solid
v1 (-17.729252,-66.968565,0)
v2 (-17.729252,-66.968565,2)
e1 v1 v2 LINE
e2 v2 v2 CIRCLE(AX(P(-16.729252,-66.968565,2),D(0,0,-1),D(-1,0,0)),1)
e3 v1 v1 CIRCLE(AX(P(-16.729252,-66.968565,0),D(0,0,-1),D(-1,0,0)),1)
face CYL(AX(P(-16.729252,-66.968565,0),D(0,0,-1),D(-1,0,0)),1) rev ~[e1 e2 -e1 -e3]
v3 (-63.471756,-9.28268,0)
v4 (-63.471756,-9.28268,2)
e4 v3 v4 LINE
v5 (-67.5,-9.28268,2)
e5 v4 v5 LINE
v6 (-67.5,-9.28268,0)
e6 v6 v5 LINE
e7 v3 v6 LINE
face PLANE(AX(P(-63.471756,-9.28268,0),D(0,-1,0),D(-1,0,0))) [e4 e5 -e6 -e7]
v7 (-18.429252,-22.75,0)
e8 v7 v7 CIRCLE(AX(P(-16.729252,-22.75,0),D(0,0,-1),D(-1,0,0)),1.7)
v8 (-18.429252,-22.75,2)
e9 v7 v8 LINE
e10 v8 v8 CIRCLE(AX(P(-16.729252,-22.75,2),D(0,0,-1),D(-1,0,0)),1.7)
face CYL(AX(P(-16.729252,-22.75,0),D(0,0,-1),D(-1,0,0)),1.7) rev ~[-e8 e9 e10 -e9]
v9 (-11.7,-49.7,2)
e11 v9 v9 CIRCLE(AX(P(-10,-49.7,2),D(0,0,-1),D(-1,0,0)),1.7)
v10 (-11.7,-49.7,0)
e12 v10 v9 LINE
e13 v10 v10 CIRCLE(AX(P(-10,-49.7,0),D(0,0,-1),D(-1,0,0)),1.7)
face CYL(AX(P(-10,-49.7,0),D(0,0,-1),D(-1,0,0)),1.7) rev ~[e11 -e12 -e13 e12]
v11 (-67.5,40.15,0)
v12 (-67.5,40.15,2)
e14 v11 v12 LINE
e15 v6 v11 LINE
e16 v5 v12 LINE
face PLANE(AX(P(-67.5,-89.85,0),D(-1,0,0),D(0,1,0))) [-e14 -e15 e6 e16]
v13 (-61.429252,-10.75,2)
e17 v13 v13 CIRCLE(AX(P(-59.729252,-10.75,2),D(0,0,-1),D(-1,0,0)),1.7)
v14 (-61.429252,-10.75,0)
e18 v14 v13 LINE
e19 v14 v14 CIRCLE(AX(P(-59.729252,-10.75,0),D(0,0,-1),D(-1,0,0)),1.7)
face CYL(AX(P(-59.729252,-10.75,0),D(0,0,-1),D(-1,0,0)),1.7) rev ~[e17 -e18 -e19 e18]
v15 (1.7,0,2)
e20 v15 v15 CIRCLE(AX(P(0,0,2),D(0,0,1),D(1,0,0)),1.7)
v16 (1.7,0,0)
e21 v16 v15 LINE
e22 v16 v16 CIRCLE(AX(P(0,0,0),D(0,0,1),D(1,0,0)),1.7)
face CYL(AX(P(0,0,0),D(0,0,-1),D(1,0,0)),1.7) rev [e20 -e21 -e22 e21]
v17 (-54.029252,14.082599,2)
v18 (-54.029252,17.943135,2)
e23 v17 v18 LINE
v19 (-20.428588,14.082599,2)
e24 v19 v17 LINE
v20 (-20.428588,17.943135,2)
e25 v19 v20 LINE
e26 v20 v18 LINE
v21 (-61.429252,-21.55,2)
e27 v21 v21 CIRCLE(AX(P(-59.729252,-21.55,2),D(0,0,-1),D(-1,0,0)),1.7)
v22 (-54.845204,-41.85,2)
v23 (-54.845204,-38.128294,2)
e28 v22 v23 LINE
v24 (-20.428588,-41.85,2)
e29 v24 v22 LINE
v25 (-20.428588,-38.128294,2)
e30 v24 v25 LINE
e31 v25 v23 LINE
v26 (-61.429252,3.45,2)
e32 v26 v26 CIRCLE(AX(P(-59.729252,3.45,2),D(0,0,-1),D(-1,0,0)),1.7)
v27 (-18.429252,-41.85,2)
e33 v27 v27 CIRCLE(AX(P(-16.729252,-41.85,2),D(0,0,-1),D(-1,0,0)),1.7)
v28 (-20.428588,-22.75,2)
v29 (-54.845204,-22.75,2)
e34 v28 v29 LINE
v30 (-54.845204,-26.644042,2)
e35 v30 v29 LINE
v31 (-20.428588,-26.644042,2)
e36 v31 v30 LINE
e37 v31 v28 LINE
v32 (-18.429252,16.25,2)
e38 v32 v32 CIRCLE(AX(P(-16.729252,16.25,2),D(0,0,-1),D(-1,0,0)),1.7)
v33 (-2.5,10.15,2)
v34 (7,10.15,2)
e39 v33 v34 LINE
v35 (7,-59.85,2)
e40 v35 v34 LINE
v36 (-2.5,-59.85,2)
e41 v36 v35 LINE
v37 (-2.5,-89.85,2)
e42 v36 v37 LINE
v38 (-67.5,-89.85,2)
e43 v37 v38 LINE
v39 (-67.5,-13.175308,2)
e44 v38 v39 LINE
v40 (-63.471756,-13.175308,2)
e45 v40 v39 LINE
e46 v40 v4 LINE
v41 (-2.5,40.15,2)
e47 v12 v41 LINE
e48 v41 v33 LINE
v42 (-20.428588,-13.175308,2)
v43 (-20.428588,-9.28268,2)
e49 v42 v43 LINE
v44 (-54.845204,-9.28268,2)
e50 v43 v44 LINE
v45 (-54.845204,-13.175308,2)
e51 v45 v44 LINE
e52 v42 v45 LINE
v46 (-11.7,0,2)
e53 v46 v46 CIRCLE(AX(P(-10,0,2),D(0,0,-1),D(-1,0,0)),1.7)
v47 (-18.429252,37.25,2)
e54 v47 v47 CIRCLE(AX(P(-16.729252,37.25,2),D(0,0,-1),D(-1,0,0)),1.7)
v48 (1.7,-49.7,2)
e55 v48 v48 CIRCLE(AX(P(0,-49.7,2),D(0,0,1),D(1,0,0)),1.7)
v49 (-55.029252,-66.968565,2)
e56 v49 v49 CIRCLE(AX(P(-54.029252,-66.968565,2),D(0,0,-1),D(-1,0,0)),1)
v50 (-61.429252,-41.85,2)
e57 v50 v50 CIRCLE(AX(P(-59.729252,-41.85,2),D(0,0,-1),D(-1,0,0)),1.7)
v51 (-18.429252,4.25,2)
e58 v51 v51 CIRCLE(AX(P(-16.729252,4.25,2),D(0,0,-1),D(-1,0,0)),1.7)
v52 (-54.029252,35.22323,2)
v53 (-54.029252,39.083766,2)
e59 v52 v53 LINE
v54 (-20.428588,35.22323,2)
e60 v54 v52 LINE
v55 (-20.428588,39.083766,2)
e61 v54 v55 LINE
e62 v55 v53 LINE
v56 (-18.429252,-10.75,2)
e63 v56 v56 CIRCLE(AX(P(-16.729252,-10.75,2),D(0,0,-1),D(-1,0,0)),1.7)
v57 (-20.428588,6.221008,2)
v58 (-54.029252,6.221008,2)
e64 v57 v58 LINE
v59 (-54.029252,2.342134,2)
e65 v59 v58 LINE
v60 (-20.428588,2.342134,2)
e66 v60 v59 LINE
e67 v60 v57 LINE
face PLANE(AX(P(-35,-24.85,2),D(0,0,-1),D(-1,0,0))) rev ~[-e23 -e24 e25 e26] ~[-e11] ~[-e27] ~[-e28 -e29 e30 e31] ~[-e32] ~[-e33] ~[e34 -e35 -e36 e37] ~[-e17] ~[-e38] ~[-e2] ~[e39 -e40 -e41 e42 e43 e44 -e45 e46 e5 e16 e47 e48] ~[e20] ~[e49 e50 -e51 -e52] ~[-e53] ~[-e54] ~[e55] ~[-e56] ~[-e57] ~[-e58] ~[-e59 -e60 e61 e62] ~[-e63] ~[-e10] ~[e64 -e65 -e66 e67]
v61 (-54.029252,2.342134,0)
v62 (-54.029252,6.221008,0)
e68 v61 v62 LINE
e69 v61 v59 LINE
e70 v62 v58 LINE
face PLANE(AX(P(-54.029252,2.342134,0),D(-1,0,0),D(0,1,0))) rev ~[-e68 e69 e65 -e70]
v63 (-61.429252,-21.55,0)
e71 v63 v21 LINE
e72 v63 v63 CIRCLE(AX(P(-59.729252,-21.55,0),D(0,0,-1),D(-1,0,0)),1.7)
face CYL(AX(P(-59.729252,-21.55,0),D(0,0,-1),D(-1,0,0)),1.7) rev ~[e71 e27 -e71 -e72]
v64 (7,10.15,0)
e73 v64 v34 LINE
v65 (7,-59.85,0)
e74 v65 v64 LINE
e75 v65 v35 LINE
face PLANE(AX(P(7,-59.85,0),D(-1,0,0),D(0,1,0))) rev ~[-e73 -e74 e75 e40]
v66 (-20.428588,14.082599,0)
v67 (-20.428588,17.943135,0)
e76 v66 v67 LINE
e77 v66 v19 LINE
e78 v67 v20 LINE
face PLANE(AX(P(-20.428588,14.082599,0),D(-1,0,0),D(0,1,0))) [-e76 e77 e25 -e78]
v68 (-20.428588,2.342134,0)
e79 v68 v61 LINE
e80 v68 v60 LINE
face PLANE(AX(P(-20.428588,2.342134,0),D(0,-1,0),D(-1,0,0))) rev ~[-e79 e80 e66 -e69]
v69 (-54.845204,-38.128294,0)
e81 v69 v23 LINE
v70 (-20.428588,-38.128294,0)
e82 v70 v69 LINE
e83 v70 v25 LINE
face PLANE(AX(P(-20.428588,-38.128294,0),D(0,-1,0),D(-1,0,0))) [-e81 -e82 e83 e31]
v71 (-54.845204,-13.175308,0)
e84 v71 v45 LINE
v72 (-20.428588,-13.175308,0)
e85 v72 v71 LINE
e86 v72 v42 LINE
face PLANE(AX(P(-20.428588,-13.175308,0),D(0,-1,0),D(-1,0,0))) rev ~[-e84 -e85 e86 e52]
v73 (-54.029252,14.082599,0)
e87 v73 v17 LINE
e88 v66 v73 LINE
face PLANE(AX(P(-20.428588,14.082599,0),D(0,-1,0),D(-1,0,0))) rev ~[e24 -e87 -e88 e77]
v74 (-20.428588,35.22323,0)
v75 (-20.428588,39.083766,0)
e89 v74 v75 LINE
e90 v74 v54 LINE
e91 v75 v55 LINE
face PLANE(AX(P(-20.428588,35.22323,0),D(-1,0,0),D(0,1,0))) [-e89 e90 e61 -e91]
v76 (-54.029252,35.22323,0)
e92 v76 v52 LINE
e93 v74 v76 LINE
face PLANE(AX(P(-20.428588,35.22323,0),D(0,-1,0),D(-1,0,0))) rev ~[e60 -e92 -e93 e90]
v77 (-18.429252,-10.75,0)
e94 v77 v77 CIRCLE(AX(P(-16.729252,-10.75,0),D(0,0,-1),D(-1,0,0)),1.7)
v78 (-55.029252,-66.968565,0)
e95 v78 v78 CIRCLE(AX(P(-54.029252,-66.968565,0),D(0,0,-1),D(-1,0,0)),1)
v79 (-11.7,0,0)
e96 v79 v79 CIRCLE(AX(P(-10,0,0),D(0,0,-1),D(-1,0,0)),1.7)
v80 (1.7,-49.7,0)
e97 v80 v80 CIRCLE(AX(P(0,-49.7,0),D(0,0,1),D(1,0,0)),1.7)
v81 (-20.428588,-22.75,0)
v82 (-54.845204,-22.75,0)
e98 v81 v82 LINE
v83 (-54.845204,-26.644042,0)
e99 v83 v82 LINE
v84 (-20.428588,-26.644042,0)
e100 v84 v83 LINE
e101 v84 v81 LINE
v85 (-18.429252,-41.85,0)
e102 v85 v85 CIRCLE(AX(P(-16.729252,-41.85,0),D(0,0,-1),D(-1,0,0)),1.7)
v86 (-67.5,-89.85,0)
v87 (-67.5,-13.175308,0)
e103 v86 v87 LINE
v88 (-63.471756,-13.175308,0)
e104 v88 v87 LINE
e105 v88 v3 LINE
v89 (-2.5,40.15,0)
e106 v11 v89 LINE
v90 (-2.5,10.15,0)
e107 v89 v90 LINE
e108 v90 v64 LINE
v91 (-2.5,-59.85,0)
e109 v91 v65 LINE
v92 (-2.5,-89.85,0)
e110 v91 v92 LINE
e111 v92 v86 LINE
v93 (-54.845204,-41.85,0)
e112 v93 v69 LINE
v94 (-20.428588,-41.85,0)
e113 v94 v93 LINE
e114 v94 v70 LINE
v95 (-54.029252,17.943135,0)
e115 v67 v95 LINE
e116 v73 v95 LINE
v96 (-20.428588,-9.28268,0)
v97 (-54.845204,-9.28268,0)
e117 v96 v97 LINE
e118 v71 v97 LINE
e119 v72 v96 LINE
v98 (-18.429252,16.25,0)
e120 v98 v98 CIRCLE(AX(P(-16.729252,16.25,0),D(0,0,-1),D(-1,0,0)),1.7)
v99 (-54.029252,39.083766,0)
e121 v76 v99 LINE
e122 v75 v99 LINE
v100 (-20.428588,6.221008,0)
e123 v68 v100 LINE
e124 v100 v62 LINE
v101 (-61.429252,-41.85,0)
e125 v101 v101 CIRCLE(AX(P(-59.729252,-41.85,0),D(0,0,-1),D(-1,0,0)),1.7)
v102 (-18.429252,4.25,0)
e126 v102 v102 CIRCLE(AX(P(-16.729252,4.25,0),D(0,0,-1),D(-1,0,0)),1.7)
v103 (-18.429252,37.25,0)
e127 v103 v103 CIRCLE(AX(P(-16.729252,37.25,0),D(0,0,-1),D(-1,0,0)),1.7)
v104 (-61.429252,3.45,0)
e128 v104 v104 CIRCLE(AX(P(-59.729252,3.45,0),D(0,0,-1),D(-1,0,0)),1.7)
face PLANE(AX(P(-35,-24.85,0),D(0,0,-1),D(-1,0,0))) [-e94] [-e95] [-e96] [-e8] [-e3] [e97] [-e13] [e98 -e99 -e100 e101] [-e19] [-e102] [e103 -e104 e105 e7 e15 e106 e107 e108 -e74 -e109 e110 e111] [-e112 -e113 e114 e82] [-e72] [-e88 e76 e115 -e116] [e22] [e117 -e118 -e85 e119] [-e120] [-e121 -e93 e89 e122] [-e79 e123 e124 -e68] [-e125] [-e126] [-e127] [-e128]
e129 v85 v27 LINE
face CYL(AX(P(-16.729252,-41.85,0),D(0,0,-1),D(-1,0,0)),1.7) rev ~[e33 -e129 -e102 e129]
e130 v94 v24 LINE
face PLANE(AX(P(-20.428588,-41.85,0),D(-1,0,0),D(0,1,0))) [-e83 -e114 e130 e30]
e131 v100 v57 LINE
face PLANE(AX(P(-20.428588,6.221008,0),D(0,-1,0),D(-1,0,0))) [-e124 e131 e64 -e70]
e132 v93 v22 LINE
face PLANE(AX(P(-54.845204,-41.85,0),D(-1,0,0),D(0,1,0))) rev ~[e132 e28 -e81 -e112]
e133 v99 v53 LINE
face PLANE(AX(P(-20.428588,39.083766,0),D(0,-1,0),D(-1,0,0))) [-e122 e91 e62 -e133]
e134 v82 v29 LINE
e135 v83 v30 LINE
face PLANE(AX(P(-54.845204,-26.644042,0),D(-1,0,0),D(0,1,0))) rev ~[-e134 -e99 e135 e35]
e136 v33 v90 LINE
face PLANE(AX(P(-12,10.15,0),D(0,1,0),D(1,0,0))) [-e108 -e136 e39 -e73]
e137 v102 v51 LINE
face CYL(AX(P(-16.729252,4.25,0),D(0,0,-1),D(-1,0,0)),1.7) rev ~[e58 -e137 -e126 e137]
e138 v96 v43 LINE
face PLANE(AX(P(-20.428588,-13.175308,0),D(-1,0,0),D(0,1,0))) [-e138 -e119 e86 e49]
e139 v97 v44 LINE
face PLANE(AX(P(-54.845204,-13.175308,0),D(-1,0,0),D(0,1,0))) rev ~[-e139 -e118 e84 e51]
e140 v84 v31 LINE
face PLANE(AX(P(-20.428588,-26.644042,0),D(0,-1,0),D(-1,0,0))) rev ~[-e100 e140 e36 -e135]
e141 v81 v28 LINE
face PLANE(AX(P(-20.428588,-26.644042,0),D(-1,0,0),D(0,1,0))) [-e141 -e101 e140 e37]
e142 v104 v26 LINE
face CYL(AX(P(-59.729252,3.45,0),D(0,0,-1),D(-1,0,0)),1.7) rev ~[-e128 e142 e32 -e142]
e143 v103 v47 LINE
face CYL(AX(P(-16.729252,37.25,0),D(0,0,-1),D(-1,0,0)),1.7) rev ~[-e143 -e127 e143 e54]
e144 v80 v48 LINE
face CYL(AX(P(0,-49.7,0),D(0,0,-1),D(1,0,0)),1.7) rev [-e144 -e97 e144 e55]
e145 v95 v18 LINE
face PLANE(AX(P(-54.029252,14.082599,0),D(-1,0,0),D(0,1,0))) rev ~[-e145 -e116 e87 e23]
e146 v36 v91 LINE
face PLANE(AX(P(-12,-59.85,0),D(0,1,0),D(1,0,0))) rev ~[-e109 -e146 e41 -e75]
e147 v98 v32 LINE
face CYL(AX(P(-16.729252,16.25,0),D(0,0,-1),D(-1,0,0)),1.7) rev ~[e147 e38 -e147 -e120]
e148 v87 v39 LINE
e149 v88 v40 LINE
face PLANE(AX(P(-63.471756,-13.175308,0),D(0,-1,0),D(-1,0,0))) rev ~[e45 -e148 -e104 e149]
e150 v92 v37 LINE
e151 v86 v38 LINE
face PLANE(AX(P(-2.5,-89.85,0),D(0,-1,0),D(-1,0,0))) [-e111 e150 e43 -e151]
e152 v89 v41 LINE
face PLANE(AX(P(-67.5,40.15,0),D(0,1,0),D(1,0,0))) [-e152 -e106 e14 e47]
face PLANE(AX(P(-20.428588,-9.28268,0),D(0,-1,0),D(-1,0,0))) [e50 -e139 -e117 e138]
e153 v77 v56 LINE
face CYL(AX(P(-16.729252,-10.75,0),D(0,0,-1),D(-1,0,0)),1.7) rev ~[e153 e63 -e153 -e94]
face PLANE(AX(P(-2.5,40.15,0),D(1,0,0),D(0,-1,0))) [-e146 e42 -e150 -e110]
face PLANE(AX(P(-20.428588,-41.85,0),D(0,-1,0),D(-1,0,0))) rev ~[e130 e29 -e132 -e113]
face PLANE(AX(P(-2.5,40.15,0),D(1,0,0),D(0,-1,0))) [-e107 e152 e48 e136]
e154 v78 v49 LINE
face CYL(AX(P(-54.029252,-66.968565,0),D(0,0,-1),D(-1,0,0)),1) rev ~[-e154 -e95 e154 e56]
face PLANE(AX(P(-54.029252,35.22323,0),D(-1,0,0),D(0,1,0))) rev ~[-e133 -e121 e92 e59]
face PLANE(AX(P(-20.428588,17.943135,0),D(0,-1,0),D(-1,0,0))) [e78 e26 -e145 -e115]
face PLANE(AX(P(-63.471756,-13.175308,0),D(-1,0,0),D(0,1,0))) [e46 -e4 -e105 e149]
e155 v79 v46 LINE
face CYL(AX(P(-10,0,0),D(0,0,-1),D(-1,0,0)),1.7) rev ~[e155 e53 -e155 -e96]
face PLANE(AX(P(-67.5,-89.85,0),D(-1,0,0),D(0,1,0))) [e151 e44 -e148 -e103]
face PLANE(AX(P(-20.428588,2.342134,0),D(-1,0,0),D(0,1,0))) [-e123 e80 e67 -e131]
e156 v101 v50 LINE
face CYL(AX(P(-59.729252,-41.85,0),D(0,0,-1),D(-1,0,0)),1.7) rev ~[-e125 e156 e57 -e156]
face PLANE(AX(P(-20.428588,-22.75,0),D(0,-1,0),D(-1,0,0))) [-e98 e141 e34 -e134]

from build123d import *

# Parameters (mm, degrees)
ESQUISSE1_W             = 19
ESQUISSE1_H             = 70
ESQUISSE1_R             = 1.7
BOSS_EXTRU_1_DEPTH      = 2
BOSS_EXTRU_2_DEPTH      = 2
ESQUISSE3_R             = 1.7
ESQUISSE3_R_2           = 1
ESQUISSE3_W             = 34.416616224
ESQUISSE3_H             = 3.721706088
ESQUISSE3_H_2           = 3.894041755
ESQUISSE3_H_3           = 3.892627661
ESQUISSE3_W_2           = 33.600664609
ESQUISSE3_H_4           = 3.878874163
ESQUISSE3_H_5           = 3.860536167
ESQUISSE3_H_6           = 3.860536168
ESQUISSE3_W_3           = 4.02824374
ENL_V_MAT_EXTRU_1_DEPTH = 2
ESQUISSE4_R             = 1.7
ENL_V_MAT_EXTRU_2_DEPTH = 2


with BuildPart() as part:
    # Esquisse1 → Boss.-Extru.1 (new body)
    with BuildSketch(Plane.XY):
        with Locations((-2.5, -24.85)):
            Rectangle(ESQUISSE1_W, ESQUISSE1_H)
        Circle(ESQUISSE1_R, mode=Mode.SUBTRACT)
        with Locations((0, -49.7)):
            Circle(ESQUISSE1_R, mode=Mode.SUBTRACT)
    extrude(amount=BOSS_EXTRU_1_DEPTH)

    # Esquisse2 → Boss.-Extru.2 (add)
    with BuildSketch(Plane(origin=(0, 0, 0), x_dir=(-1, 0, 0), z_dir=(0, 0, -1))):
        Polygon((67.5, -22.717620887), (67.5, 40.15), (2.5, 40.15), (2.5, -89.85), (67.5, -89.85), (67.5, -26.982379113), align=None)
    extrude(amount=-BOSS_EXTRU_2_DEPTH)

    # Esquisse3 → Enlèv. mat.-Extru.1 (cut)
    with BuildSketch(Plane(origin=(0, 0, 0), x_dir=(-1, 0, 0), z_dir=(0, 0, -1))):
        with Locations((16.729252348, -41.85)):
            Circle(ESQUISSE3_R)
        with Locations((16.729252348, -66.968565228)):
            Circle(ESQUISSE3_R_2)
        with Locations((54.029252348, -66.968565228)):
            Circle(ESQUISSE3_R_2)
        with Locations((16.729252348, -22.75)):
            Circle(ESQUISSE3_R)
        with Locations((16.729252348, -10.75)):
            Circle(ESQUISSE3_R)
        with Locations((16.729252348, 4.25)):
            Circle(ESQUISSE3_R)
        with Locations((16.729252348, 16.25)):
            Circle(ESQUISSE3_R)
        with Locations((16.729252348, 37.25)):
            Circle(ESQUISSE3_R)
        with Locations((59.729252348, -41.85)):
            Circle(ESQUISSE3_R)
        with Locations((59.729252348, -21.55)):
            Circle(ESQUISSE3_R)
        with Locations((59.729252348, -10.75)):
            Circle(ESQUISSE3_R)
        with Locations((59.729252348, 3.45)):
            Circle(ESQUISSE3_R)
        with Locations((37.636895851, -39.989146956)):
            Rectangle(ESQUISSE3_W, ESQUISSE3_H)
        with Locations((37.636895851, -24.697020878)):
            Rectangle(ESQUISSE3_W, ESQUISSE3_H_2)
        with Locations((37.636895851, -11.228994179)):
            Rectangle(ESQUISSE3_W, ESQUISSE3_H_3)
        with Locations((37.228920043, 4.281571073)):
            Rectangle(ESQUISSE3_W_2, ESQUISSE3_H_4)
        with Locations((37.228920043, 16.012867078)):
            Rectangle(ESQUISSE3_W_2, ESQUISSE3_H_5)
        with Locations((37.228920043, 37.153497731)):
            Rectangle(ESQUISSE3_W_2, ESQUISSE3_H_6)
        with Locations((65.48587813, -11.228994179)):
            Rectangle(ESQUISSE3_W_3, ESQUISSE3_H_3)
    extrude(amount=-ENL_V_MAT_EXTRU_1_DEPTH, mode=Mode.SUBTRACT)

    # Esquisse4 → Enlèv. mat.-Extru.2 (cut)
    with BuildSketch(Plane(origin=(0, 0, 0), x_dir=(-1, 0, 0), z_dir=(0, 0, -1))):
        with Locations((10, -49.7)):
            Circle(ESQUISSE4_R)
        with Locations((10, 0)):
            Circle(ESQUISSE4_R)
    extrude(amount=-ENL_V_MAT_EXTRU_2_DEPTH, mode=Mode.SUBTRACT)


solid = part.part
